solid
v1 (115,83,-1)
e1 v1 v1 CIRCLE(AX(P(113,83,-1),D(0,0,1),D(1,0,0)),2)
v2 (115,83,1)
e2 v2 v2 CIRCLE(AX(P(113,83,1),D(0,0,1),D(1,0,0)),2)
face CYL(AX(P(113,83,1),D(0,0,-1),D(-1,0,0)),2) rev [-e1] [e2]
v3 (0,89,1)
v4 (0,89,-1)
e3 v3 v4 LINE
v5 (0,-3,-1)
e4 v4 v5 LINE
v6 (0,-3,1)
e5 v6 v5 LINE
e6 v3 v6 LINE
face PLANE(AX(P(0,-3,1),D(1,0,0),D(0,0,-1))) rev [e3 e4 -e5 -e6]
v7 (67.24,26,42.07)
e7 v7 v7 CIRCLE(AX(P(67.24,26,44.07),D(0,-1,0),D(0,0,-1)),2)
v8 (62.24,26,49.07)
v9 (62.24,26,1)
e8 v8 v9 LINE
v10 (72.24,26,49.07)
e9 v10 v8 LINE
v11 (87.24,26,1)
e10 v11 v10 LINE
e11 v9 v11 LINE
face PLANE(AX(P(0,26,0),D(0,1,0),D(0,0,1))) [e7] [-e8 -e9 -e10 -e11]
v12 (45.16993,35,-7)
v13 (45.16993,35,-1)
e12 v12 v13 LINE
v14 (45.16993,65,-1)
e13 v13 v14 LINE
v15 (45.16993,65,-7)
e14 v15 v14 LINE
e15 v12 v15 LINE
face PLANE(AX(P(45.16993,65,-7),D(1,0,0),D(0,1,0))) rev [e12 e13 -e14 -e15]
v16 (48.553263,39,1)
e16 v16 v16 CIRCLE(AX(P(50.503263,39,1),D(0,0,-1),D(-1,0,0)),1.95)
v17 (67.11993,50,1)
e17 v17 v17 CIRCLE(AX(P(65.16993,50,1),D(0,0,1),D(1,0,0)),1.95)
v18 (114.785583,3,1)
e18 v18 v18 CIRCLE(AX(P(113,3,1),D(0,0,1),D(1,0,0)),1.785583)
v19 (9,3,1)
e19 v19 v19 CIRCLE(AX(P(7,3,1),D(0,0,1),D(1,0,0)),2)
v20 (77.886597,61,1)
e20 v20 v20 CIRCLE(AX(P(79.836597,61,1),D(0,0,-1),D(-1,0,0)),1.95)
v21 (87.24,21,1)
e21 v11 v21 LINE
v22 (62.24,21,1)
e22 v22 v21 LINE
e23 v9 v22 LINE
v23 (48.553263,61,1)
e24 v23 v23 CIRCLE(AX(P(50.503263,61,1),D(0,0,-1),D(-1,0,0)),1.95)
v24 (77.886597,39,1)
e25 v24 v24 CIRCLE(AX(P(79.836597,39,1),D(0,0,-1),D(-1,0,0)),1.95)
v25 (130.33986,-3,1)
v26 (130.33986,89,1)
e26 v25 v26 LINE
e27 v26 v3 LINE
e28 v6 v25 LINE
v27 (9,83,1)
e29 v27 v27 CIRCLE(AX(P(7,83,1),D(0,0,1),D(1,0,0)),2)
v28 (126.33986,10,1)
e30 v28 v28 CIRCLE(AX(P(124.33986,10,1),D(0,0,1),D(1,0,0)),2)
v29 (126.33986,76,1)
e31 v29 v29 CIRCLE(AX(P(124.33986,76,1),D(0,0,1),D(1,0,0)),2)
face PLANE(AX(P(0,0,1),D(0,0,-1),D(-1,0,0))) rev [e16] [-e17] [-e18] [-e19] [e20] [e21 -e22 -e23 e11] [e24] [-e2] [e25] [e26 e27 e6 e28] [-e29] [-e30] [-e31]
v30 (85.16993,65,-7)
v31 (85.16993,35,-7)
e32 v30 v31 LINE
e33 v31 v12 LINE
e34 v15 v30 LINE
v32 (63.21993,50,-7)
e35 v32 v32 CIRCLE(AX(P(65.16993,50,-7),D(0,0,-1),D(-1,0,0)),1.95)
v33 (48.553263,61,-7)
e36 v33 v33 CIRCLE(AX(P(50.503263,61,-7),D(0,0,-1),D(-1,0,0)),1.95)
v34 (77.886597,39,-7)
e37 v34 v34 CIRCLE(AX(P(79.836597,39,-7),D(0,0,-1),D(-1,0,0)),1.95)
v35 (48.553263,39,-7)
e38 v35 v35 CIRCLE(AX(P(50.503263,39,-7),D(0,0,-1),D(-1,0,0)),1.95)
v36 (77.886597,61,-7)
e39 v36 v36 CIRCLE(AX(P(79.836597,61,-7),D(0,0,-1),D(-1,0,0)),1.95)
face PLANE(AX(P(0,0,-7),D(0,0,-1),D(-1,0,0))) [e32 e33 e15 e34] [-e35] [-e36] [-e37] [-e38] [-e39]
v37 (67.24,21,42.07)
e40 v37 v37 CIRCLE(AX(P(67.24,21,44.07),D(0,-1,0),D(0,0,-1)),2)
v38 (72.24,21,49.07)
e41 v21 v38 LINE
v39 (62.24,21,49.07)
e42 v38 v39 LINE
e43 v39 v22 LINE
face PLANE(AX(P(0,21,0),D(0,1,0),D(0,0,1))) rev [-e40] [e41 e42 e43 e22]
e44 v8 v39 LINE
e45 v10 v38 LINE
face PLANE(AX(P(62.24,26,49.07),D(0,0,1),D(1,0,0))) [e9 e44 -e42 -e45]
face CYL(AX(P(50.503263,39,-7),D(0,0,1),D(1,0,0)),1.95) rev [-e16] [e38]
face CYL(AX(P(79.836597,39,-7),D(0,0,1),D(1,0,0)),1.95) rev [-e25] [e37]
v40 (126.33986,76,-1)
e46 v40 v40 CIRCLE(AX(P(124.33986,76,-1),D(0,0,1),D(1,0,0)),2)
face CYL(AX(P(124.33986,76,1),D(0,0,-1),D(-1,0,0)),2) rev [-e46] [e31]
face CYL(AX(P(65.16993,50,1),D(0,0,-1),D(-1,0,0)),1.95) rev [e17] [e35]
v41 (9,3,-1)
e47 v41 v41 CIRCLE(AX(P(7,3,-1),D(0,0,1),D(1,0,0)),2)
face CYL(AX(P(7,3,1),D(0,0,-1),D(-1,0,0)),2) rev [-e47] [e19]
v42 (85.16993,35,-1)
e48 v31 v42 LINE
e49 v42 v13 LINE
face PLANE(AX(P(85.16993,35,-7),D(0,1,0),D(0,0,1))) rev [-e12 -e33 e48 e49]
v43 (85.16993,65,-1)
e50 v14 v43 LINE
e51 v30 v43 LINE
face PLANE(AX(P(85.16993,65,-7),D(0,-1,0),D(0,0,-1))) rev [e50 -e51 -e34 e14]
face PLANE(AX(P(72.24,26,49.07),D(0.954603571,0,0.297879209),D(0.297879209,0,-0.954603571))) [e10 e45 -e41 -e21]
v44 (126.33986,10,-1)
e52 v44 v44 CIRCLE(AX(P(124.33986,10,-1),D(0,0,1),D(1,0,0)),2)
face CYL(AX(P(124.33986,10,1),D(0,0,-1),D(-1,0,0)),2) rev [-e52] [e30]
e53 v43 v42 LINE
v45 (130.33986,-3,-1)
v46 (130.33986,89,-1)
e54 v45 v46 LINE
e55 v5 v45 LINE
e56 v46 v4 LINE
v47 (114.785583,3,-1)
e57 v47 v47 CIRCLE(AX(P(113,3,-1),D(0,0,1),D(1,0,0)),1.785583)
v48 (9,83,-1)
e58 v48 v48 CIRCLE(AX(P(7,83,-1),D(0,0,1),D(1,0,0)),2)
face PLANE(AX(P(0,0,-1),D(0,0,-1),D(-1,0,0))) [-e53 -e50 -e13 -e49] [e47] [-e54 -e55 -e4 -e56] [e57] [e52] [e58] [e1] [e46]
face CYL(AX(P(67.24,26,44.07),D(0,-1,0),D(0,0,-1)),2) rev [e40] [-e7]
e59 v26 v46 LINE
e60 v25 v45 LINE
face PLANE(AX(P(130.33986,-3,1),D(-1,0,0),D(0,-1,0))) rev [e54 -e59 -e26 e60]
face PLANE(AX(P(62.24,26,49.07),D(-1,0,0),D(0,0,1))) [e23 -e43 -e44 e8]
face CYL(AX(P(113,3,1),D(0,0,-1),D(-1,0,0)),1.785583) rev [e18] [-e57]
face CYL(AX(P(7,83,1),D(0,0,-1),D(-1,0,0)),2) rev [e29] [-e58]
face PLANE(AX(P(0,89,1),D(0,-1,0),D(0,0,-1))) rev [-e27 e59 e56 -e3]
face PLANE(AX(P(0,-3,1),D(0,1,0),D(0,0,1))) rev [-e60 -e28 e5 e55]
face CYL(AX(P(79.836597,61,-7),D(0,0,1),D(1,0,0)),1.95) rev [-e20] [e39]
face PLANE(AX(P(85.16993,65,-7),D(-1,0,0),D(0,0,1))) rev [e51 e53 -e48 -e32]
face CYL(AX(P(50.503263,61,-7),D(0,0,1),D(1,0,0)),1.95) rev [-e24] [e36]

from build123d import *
from build123d.topology import SkipClean

# Parameters (mm, degrees)
SKETCH_1_W          = 130.33985981
SKETCH_1_H          = 92
SKETCH_1_R          = 2
SKETCH_1_R_2        = 1.785582523
SKETCH_1_R_3        = 1.95
EXTRUDE_1_DEPTH     = 1
EXTRUDE_START       = -24
SKETCH_2_R          = 2
EXTRUDE_2_DEPTH     = 5
EXTRUDE_START_2     = 6
SKETCH_3_W          = 40
SKETCH_3_H          = 30
SKETCH_3_R          = 1.95
EXTRUDE_3_DEPTH     = 6
CUT_EXTRUDE_START   = 4
SKETCH_5_R          = 1.95
CUT_EXTRUDE_3_DEPTH = 6


with BuildPart() as part:
    # 草图1 → 凸台-拉伸1 (new, symmetric)
    with BuildSketch(Plane.XY):
        with Locations((65.169929905, 43)):
            Rectangle(SKETCH_1_W, SKETCH_1_H)
        with Locations((124.33985981, 10)):
            Circle(SKETCH_1_R, mode=Mode.SUBTRACT)
        with Locations((124.33985981, 76)):
            Circle(SKETCH_1_R, mode=Mode.SUBTRACT)
        with Locations((7, 3)):
            Circle(SKETCH_1_R, mode=Mode.SUBTRACT)
        with Locations((113, 3)):
            Circle(SKETCH_1_R_2, mode=Mode.SUBTRACT)
        with Locations((7, 83)):
            Circle(SKETCH_1_R, mode=Mode.SUBTRACT)
        with Locations((113, 83)):
            Circle(SKETCH_1_R, mode=Mode.SUBTRACT)
        with Locations((65.169929905, 50)):
            Circle(SKETCH_1_R_3, mode=Mode.SUBTRACT)
    extrude(amount=EXTRUDE_1_DEPTH, both=True)

    # 草图2 → 凸台-拉伸2 (add)
    with BuildSketch(Plane.XZ.offset(3).offset(EXTRUDE_START)):
        Polygon((62.24, 49.07), (72.24, 49.07), (87.24, 1), (62.24, 1), align=None)
        with Locations(Location((67.24, 44.07, 0), (0, 0, 270))):
            Circle(SKETCH_2_R, mode=Mode.SUBTRACT)
    extrude(amount=-EXTRUDE_2_DEPTH)

    # 草图3 → 凸台-拉伸3 (add)
    with SkipClean():  # the faces are left unmerged after this step: merging them gives an invalid solid
        with BuildSketch(Plane(origin=(0, 0, -1), x_dir=(-1, 0, 0), z_dir=(0, 0, -1)).offset(EXTRUDE_START_2)):
            with Locations((-65.169929905, 50)):
                Rectangle(SKETCH_3_W, SKETCH_3_H)
            with Locations((-79.836596572, 61)):
                Circle(SKETCH_3_R, mode=Mode.SUBTRACT)
            with Locations((-50.503263238, 61)):
                Circle(SKETCH_3_R, mode=Mode.SUBTRACT)
            with Locations((-50.503263238, 39)):
                Circle(SKETCH_3_R, mode=Mode.SUBTRACT)
            with Locations((-79.836596572, 39)):
                Circle(SKETCH_3_R, mode=Mode.SUBTRACT)
            with Locations((-65.169929905, 50)):
                Circle(SKETCH_3_R, mode=Mode.SUBTRACT)
        extrude(amount=-EXTRUDE_3_DEPTH)

    # 草图5 → 切除-拉伸3 (cut)
    with SkipClean():  # the faces are left unmerged after this step: merging them gives an invalid solid
        with BuildSketch(Plane(origin=(0, 0, -1), x_dir=(-1, 0, 0), z_dir=(0, 0, -1)).offset(CUT_EXTRUDE_START)):
            with Locations((-50.503263238, 39)):
                Circle(SKETCH_5_R)
            with Locations((-79.836596572, 39)):
                Circle(SKETCH_5_R)
            with Locations((-79.836596572, 61)):
                Circle(SKETCH_5_R)
            with Locations((-50.503263238, 61)):
                Circle(SKETCH_5_R)
        extrude(amount=-CUT_EXTRUDE_3_DEPTH, mode=Mode.SUBTRACT)


solid = part.part
